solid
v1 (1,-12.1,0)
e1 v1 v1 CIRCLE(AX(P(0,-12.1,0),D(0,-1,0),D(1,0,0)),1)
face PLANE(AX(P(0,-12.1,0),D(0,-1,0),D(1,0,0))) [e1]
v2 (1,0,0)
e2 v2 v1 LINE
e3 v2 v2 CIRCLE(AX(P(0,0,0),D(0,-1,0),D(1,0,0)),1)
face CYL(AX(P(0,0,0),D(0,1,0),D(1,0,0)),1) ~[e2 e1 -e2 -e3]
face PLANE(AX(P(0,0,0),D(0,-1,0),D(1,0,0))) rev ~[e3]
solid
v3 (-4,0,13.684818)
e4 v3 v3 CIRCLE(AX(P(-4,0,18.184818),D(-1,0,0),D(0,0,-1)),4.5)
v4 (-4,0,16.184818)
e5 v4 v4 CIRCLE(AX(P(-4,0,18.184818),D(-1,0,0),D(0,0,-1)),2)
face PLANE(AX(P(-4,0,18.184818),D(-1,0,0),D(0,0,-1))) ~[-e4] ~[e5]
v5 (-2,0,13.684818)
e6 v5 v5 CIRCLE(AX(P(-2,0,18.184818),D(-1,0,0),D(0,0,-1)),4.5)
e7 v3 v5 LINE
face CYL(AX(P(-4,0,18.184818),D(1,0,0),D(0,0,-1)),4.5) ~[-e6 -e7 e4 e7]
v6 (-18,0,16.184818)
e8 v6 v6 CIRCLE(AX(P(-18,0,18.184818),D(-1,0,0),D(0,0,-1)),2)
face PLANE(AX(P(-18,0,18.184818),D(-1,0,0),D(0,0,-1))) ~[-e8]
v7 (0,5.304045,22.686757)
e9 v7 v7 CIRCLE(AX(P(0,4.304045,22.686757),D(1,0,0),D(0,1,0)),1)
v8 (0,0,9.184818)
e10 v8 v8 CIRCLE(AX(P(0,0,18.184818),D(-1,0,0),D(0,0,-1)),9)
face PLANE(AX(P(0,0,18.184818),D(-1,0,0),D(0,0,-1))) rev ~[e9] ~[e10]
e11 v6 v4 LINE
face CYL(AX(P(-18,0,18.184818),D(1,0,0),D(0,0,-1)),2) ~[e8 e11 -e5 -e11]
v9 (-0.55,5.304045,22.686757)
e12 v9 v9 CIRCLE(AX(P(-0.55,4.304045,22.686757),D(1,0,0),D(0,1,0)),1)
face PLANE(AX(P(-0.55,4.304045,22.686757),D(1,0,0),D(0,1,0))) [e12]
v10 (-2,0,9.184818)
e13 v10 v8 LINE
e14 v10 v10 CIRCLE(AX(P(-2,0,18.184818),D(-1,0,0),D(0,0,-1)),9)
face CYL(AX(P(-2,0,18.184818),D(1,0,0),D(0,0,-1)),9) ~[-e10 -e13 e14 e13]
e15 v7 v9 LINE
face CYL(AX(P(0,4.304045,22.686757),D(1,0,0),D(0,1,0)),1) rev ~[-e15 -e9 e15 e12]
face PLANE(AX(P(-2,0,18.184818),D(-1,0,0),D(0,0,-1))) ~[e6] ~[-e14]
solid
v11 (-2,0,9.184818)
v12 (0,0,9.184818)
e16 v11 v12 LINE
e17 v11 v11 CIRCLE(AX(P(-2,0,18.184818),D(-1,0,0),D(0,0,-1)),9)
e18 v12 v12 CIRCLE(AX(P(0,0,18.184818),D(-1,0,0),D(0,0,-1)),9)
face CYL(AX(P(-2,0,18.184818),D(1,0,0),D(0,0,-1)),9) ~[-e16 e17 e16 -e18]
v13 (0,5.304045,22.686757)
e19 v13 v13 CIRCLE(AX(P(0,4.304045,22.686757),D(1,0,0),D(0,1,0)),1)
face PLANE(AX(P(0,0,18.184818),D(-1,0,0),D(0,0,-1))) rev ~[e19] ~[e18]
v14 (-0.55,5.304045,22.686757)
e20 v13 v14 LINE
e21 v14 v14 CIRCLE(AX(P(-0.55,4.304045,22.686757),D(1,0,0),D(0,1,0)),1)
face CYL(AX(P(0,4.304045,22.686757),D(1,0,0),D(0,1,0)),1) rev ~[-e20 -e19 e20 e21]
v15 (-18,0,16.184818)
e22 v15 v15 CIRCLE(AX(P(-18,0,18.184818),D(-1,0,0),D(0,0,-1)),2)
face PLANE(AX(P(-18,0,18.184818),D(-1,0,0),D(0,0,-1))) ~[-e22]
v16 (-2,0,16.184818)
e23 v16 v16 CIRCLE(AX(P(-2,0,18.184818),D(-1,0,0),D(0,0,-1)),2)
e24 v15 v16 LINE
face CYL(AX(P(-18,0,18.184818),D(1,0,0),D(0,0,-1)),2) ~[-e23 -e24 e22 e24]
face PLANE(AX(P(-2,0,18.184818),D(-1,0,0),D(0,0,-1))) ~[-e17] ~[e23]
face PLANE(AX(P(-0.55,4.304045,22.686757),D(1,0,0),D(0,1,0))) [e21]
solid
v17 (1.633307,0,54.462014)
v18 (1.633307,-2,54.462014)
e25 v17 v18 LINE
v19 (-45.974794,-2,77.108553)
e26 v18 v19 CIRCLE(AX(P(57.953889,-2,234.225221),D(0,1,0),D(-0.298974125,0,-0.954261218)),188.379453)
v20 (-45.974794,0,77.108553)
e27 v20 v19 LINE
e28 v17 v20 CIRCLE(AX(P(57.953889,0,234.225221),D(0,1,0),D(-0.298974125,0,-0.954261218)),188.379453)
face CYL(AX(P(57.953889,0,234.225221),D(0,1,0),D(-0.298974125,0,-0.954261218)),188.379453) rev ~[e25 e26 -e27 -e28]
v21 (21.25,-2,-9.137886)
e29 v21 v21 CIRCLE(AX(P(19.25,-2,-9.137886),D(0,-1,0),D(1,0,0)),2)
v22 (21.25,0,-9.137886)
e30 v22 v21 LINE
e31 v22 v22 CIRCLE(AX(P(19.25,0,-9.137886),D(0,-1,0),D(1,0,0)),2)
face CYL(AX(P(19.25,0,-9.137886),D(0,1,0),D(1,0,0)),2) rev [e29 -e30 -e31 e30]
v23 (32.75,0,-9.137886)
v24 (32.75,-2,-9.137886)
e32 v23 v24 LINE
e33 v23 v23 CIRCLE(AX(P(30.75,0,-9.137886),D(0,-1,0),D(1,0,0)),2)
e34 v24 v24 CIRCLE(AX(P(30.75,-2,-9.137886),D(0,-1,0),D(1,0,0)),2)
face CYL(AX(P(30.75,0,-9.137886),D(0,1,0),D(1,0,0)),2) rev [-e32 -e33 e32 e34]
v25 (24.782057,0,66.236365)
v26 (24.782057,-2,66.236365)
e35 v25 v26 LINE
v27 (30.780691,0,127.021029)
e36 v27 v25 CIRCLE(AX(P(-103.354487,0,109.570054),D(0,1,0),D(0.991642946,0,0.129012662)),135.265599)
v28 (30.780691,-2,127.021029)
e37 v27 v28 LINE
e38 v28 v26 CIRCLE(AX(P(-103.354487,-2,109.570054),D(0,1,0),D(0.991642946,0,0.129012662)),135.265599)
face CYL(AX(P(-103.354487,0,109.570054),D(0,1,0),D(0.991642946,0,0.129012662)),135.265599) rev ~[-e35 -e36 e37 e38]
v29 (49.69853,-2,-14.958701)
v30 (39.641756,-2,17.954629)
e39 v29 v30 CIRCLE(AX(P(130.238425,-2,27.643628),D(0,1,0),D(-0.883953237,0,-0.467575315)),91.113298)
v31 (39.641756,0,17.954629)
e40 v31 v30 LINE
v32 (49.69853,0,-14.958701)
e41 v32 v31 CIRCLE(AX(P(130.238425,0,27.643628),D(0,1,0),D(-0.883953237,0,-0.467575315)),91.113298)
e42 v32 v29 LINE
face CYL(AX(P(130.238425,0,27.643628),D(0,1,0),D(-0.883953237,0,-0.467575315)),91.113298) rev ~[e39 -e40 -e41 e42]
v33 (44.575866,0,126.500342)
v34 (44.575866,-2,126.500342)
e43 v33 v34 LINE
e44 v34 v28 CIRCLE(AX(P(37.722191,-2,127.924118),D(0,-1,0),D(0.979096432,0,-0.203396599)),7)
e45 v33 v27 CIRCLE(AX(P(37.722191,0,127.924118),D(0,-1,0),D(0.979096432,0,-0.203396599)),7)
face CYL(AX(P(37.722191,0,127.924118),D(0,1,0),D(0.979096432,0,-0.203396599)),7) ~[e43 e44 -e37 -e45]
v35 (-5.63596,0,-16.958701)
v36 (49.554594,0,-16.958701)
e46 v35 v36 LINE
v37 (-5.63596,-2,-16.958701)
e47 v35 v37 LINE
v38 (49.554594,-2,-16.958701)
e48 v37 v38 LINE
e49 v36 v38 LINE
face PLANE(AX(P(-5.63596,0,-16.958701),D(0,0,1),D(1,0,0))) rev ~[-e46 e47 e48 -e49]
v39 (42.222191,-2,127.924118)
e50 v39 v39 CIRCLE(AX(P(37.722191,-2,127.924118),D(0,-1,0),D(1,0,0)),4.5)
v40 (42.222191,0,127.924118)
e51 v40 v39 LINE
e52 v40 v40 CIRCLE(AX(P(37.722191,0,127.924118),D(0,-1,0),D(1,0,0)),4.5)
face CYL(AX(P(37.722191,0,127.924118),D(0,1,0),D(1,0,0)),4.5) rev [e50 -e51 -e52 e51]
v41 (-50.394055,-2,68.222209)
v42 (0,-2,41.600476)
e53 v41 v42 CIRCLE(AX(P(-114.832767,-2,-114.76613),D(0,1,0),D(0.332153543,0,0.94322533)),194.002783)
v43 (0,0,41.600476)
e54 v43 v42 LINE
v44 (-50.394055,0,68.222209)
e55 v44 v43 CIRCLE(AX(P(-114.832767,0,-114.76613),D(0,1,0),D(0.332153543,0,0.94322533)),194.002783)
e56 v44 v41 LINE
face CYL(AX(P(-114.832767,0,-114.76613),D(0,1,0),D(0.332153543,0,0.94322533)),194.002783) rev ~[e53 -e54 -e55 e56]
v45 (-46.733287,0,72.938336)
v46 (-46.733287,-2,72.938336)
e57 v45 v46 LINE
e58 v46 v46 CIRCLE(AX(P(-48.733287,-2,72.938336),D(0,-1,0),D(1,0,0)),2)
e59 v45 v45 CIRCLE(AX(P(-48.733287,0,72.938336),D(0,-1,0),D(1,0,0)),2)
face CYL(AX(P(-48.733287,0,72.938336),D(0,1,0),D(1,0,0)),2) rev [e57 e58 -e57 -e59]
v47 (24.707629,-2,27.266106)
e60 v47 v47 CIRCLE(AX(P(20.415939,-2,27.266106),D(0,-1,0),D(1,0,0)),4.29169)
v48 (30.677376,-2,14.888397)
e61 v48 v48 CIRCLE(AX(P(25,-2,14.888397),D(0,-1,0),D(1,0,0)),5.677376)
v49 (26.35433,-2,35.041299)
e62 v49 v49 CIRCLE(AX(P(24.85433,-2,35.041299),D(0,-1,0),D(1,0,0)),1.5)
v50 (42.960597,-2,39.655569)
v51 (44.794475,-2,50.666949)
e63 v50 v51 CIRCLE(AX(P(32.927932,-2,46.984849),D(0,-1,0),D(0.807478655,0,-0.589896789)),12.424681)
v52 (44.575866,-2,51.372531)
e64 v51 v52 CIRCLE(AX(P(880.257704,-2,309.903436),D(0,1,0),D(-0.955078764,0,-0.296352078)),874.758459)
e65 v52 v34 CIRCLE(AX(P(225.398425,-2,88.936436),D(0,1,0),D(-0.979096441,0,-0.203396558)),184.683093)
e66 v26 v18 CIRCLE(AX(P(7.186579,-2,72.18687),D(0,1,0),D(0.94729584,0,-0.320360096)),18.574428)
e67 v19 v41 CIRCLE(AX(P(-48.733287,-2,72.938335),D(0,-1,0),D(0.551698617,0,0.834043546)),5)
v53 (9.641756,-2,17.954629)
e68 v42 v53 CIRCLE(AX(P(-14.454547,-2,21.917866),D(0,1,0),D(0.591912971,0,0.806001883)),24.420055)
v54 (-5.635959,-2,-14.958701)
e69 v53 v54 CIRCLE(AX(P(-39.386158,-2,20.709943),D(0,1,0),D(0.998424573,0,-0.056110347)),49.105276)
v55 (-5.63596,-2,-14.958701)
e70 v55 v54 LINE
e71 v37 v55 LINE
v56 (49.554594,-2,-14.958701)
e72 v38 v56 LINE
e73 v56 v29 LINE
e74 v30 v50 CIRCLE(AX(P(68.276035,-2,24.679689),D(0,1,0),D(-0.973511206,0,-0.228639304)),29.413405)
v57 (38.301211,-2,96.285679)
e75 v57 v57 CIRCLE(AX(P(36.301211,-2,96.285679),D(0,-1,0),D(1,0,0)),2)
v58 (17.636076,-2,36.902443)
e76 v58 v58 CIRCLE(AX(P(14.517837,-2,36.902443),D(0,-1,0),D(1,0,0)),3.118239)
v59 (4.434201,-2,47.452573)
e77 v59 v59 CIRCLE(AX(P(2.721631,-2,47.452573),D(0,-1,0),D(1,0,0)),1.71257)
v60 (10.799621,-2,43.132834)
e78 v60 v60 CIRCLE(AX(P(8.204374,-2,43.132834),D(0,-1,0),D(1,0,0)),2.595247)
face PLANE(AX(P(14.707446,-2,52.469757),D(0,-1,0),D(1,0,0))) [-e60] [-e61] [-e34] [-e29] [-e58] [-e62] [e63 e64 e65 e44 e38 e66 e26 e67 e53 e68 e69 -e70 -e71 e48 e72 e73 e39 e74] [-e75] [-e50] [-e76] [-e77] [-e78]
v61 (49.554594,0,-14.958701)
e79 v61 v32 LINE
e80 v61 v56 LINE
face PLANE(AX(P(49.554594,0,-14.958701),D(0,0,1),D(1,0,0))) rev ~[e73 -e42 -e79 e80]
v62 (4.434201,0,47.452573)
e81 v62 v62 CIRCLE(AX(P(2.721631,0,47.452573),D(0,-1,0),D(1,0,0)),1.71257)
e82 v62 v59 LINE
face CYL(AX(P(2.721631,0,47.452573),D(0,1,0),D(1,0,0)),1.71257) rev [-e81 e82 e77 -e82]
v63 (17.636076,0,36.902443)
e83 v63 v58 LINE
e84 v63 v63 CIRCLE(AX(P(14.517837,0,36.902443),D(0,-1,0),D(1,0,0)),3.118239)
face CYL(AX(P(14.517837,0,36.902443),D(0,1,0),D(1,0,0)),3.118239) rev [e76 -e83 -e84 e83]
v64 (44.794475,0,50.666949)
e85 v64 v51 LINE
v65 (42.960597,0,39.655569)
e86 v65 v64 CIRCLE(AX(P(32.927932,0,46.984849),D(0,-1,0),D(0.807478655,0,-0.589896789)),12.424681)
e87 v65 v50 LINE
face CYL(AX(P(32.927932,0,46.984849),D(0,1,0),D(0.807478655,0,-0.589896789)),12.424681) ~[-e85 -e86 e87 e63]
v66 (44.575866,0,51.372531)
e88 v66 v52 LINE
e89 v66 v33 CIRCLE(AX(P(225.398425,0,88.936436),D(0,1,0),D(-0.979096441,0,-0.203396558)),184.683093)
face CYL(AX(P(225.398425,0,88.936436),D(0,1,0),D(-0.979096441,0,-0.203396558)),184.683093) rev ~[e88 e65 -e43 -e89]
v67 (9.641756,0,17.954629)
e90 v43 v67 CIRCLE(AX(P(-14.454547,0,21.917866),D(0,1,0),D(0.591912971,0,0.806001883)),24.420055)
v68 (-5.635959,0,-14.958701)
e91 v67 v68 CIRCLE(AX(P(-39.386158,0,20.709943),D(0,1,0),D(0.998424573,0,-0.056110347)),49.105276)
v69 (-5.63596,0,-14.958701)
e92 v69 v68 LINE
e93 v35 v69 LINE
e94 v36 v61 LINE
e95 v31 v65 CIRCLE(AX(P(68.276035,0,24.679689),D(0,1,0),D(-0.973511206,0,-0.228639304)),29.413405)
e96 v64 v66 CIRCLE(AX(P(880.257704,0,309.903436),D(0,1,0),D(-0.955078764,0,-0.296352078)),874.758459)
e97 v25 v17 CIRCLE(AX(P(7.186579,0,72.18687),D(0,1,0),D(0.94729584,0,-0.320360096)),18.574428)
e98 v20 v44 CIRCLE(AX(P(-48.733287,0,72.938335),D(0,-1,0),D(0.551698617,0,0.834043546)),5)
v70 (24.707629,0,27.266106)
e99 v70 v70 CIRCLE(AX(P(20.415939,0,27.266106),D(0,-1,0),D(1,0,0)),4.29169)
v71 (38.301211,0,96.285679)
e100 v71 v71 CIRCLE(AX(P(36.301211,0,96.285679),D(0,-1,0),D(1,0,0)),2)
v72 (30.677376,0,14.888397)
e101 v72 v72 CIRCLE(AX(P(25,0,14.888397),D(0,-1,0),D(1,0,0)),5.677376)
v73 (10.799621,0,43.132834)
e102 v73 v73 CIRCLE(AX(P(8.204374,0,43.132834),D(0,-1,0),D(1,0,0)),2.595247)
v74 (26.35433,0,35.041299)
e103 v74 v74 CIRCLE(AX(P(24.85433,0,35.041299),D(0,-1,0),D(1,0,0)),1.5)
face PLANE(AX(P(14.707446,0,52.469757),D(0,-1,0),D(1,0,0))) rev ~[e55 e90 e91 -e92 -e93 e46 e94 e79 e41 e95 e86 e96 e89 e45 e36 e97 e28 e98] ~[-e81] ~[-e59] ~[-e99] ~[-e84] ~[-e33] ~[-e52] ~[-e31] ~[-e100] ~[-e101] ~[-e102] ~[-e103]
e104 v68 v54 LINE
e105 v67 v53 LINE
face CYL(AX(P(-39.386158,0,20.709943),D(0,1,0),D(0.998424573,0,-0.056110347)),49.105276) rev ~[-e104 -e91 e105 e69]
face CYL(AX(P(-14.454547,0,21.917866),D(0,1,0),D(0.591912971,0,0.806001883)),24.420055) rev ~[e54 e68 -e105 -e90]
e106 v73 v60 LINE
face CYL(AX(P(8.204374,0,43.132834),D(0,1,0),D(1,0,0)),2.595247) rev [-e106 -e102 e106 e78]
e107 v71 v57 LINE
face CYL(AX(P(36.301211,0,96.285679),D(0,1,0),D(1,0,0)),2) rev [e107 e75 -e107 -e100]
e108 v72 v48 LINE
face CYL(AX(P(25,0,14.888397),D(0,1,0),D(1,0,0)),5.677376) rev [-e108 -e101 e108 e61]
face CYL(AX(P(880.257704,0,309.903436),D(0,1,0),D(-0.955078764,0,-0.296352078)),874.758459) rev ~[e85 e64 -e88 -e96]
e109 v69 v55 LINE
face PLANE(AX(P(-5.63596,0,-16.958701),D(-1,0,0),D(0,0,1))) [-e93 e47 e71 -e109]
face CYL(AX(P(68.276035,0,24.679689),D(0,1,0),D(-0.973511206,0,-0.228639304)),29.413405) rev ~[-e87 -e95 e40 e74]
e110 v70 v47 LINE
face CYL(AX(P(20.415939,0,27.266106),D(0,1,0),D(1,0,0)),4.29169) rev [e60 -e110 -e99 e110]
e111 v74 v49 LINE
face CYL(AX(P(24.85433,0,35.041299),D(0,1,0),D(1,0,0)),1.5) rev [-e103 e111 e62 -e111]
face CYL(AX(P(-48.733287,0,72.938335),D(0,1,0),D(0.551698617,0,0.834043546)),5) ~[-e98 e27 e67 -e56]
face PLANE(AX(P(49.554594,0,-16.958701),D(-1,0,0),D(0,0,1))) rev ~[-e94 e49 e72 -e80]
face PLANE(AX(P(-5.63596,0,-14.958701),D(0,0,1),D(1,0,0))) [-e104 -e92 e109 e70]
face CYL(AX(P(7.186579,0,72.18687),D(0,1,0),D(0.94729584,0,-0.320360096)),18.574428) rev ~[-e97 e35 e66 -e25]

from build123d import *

# Parameters (mm, degrees)
F0_R      = 2
F0_R_2    = 5.677376
F0_R_3    = 4.29169
F0_R_4    = 3.118239
F0_R_5    = 1.71257
F0_R_6    = 2.595247
F0_R_7    = 1.5
F0_R_8    = 4.5
F0_W      = 55.190553
F0_H      = 2
F1_DEPTH  = 2
F4_R      = 1
F5_DEPTH  = 0.55
F8_DEPTH  = 0.55
F9_R      = 1
F10_DEPTH = 12.1


with BuildPart() as f1:
    # F0 (on Front) → F1 (new body)
    with BuildSketch(Plane.XZ):
        with BuildLine():
            ThreePointArc((0, 41.600476), (8.157917, 31.138253), (9.641756, 17.954629))
            ThreePointArc((9.641756, 17.954629), (5.154563, 0.035024), (-5.635959, -14.958701))
            Line((-5.635959, -14.958701), (49.554594, -14.958701))
            Line((49.554594, -14.958701), (49.69853, -14.958701))
            ThreePointArc((49.69853, -14.958701), (43.102022, 1.01882), (39.641756, 17.954629))
            ThreePointArc((39.641756, 17.954629), (39.20069, 29.126338), (42.960597, 39.655569))
            ThreePointArc((42.960597, 39.655569), (45.183806, 44.943707), (44.794475, 50.666949))
            ThreePointArc((44.794475, 50.666949), (44.685096, 51.019717), (44.575866, 51.372531))
            ThreePointArc((44.575866, 51.372531), (40.715332, 88.936437), (44.575866, 126.500342))
            ThreePointArc((44.575866, 126.500342), (37.986212, 134.919137), (30.780691, 127.021029))
            ThreePointArc((30.780691, 127.021029), (31.257206, 96.285679), (24.782057, 66.236365))
            ThreePointArc((24.782057, 66.236365), (15.607536, 55.631), (1.633307, 54.462014))
            ThreePointArc((1.633307, 54.462014), (-22.966894, 64.111596), (-45.974794, 77.108553))
            ThreePointArc((-45.974794, 77.108553), (-53.210231, 75.164761), (-50.394055, 68.222209))
            ThreePointArc((-50.394055, 68.222209), (-24.214088, 56.772014), (0, 41.600476))
        make_face()
        with Locations((19.25, -9.137886)):
            Circle(F0_R, mode=Mode.SUBTRACT)
        with Locations((30.75, -9.137886)):
            Circle(F0_R, mode=Mode.SUBTRACT)
        with Locations((25, 14.888397)):
            Circle(F0_R_2, mode=Mode.SUBTRACT)
        with Locations((20.415939, 27.266106)):
            Circle(F0_R_3, mode=Mode.SUBTRACT)
        with Locations((14.517837, 36.902443)):
            Circle(F0_R_4, mode=Mode.SUBTRACT)
        with Locations((2.721631, 47.452573)):
            Circle(F0_R_5, mode=Mode.SUBTRACT)
        with Locations((8.204374, 43.132834)):
            Circle(F0_R_6, mode=Mode.SUBTRACT)
        with Locations((24.85433, 35.041299)):
            Circle(F0_R_7, mode=Mode.SUBTRACT)
        with Locations((-48.733287, 72.938336)):
            Circle(F0_R, mode=Mode.SUBTRACT)
        with Locations((36.301211, 96.285679)):
            Circle(F0_R, mode=Mode.SUBTRACT)
        with Locations((37.722191, 127.924118)):
            Circle(F0_R_8, mode=Mode.SUBTRACT)
        with Locations((21.959317, -15.958701)):
            Rectangle(F0_W, F0_H)
    extrude(amount=F1_DEPTH)


with BuildPart() as f3:
    # F2 (on Front) → F3 (revolve)
    with BuildSketch(Plane.XZ):
        Polygon((-2, 9.184818), (0, 9.184818), (0, 18.184818), (-18, 18.184818), (-18, 16.184818), (-4, 16.184818), (-4, 13.684818), (-2, 13.684818), align=None)
    revolve(axis=Axis((-18.238114, 0, 18.184818), (-1, 0, 0)))

    # F4 (on face) → F5 (cut)
    with BuildSketch(Plane.YZ):
        with Locations((4.304045, 22.686757)):
            Circle(F4_R)
    extrude(amount=-F5_DEPTH, mode=Mode.SUBTRACT)


with BuildPart() as f7:
    # F6 (on Front) → F7 (revolve)
    with BuildSketch(Plane.XZ):
        Polygon((-18, 18.184818), (-18, 16.184818), (-2, 16.184818), (-2, 13.684818), (-2, 9.184818), (0, 9.184818), (0, 18.184818), align=None)
    revolve(axis=Axis((-10.073503, 0, 18.184818), (-1, 0, 0)))

    # F4 (on face) → F8 (cut)
    with BuildSketch(Plane.YZ):
        with Locations((4.304045, 22.686757)):
            Circle(F4_R)
    extrude(amount=-F8_DEPTH, mode=Mode.SUBTRACT)


with BuildPart() as f10:
    # F9 (on Front) → F10 (new body)
    with BuildSketch(Plane.XZ):
        Circle(F9_R)
    extrude(amount=F10_DEPTH)


solid = Compound([f1.part, f3.part, f7.part, f10.part])
